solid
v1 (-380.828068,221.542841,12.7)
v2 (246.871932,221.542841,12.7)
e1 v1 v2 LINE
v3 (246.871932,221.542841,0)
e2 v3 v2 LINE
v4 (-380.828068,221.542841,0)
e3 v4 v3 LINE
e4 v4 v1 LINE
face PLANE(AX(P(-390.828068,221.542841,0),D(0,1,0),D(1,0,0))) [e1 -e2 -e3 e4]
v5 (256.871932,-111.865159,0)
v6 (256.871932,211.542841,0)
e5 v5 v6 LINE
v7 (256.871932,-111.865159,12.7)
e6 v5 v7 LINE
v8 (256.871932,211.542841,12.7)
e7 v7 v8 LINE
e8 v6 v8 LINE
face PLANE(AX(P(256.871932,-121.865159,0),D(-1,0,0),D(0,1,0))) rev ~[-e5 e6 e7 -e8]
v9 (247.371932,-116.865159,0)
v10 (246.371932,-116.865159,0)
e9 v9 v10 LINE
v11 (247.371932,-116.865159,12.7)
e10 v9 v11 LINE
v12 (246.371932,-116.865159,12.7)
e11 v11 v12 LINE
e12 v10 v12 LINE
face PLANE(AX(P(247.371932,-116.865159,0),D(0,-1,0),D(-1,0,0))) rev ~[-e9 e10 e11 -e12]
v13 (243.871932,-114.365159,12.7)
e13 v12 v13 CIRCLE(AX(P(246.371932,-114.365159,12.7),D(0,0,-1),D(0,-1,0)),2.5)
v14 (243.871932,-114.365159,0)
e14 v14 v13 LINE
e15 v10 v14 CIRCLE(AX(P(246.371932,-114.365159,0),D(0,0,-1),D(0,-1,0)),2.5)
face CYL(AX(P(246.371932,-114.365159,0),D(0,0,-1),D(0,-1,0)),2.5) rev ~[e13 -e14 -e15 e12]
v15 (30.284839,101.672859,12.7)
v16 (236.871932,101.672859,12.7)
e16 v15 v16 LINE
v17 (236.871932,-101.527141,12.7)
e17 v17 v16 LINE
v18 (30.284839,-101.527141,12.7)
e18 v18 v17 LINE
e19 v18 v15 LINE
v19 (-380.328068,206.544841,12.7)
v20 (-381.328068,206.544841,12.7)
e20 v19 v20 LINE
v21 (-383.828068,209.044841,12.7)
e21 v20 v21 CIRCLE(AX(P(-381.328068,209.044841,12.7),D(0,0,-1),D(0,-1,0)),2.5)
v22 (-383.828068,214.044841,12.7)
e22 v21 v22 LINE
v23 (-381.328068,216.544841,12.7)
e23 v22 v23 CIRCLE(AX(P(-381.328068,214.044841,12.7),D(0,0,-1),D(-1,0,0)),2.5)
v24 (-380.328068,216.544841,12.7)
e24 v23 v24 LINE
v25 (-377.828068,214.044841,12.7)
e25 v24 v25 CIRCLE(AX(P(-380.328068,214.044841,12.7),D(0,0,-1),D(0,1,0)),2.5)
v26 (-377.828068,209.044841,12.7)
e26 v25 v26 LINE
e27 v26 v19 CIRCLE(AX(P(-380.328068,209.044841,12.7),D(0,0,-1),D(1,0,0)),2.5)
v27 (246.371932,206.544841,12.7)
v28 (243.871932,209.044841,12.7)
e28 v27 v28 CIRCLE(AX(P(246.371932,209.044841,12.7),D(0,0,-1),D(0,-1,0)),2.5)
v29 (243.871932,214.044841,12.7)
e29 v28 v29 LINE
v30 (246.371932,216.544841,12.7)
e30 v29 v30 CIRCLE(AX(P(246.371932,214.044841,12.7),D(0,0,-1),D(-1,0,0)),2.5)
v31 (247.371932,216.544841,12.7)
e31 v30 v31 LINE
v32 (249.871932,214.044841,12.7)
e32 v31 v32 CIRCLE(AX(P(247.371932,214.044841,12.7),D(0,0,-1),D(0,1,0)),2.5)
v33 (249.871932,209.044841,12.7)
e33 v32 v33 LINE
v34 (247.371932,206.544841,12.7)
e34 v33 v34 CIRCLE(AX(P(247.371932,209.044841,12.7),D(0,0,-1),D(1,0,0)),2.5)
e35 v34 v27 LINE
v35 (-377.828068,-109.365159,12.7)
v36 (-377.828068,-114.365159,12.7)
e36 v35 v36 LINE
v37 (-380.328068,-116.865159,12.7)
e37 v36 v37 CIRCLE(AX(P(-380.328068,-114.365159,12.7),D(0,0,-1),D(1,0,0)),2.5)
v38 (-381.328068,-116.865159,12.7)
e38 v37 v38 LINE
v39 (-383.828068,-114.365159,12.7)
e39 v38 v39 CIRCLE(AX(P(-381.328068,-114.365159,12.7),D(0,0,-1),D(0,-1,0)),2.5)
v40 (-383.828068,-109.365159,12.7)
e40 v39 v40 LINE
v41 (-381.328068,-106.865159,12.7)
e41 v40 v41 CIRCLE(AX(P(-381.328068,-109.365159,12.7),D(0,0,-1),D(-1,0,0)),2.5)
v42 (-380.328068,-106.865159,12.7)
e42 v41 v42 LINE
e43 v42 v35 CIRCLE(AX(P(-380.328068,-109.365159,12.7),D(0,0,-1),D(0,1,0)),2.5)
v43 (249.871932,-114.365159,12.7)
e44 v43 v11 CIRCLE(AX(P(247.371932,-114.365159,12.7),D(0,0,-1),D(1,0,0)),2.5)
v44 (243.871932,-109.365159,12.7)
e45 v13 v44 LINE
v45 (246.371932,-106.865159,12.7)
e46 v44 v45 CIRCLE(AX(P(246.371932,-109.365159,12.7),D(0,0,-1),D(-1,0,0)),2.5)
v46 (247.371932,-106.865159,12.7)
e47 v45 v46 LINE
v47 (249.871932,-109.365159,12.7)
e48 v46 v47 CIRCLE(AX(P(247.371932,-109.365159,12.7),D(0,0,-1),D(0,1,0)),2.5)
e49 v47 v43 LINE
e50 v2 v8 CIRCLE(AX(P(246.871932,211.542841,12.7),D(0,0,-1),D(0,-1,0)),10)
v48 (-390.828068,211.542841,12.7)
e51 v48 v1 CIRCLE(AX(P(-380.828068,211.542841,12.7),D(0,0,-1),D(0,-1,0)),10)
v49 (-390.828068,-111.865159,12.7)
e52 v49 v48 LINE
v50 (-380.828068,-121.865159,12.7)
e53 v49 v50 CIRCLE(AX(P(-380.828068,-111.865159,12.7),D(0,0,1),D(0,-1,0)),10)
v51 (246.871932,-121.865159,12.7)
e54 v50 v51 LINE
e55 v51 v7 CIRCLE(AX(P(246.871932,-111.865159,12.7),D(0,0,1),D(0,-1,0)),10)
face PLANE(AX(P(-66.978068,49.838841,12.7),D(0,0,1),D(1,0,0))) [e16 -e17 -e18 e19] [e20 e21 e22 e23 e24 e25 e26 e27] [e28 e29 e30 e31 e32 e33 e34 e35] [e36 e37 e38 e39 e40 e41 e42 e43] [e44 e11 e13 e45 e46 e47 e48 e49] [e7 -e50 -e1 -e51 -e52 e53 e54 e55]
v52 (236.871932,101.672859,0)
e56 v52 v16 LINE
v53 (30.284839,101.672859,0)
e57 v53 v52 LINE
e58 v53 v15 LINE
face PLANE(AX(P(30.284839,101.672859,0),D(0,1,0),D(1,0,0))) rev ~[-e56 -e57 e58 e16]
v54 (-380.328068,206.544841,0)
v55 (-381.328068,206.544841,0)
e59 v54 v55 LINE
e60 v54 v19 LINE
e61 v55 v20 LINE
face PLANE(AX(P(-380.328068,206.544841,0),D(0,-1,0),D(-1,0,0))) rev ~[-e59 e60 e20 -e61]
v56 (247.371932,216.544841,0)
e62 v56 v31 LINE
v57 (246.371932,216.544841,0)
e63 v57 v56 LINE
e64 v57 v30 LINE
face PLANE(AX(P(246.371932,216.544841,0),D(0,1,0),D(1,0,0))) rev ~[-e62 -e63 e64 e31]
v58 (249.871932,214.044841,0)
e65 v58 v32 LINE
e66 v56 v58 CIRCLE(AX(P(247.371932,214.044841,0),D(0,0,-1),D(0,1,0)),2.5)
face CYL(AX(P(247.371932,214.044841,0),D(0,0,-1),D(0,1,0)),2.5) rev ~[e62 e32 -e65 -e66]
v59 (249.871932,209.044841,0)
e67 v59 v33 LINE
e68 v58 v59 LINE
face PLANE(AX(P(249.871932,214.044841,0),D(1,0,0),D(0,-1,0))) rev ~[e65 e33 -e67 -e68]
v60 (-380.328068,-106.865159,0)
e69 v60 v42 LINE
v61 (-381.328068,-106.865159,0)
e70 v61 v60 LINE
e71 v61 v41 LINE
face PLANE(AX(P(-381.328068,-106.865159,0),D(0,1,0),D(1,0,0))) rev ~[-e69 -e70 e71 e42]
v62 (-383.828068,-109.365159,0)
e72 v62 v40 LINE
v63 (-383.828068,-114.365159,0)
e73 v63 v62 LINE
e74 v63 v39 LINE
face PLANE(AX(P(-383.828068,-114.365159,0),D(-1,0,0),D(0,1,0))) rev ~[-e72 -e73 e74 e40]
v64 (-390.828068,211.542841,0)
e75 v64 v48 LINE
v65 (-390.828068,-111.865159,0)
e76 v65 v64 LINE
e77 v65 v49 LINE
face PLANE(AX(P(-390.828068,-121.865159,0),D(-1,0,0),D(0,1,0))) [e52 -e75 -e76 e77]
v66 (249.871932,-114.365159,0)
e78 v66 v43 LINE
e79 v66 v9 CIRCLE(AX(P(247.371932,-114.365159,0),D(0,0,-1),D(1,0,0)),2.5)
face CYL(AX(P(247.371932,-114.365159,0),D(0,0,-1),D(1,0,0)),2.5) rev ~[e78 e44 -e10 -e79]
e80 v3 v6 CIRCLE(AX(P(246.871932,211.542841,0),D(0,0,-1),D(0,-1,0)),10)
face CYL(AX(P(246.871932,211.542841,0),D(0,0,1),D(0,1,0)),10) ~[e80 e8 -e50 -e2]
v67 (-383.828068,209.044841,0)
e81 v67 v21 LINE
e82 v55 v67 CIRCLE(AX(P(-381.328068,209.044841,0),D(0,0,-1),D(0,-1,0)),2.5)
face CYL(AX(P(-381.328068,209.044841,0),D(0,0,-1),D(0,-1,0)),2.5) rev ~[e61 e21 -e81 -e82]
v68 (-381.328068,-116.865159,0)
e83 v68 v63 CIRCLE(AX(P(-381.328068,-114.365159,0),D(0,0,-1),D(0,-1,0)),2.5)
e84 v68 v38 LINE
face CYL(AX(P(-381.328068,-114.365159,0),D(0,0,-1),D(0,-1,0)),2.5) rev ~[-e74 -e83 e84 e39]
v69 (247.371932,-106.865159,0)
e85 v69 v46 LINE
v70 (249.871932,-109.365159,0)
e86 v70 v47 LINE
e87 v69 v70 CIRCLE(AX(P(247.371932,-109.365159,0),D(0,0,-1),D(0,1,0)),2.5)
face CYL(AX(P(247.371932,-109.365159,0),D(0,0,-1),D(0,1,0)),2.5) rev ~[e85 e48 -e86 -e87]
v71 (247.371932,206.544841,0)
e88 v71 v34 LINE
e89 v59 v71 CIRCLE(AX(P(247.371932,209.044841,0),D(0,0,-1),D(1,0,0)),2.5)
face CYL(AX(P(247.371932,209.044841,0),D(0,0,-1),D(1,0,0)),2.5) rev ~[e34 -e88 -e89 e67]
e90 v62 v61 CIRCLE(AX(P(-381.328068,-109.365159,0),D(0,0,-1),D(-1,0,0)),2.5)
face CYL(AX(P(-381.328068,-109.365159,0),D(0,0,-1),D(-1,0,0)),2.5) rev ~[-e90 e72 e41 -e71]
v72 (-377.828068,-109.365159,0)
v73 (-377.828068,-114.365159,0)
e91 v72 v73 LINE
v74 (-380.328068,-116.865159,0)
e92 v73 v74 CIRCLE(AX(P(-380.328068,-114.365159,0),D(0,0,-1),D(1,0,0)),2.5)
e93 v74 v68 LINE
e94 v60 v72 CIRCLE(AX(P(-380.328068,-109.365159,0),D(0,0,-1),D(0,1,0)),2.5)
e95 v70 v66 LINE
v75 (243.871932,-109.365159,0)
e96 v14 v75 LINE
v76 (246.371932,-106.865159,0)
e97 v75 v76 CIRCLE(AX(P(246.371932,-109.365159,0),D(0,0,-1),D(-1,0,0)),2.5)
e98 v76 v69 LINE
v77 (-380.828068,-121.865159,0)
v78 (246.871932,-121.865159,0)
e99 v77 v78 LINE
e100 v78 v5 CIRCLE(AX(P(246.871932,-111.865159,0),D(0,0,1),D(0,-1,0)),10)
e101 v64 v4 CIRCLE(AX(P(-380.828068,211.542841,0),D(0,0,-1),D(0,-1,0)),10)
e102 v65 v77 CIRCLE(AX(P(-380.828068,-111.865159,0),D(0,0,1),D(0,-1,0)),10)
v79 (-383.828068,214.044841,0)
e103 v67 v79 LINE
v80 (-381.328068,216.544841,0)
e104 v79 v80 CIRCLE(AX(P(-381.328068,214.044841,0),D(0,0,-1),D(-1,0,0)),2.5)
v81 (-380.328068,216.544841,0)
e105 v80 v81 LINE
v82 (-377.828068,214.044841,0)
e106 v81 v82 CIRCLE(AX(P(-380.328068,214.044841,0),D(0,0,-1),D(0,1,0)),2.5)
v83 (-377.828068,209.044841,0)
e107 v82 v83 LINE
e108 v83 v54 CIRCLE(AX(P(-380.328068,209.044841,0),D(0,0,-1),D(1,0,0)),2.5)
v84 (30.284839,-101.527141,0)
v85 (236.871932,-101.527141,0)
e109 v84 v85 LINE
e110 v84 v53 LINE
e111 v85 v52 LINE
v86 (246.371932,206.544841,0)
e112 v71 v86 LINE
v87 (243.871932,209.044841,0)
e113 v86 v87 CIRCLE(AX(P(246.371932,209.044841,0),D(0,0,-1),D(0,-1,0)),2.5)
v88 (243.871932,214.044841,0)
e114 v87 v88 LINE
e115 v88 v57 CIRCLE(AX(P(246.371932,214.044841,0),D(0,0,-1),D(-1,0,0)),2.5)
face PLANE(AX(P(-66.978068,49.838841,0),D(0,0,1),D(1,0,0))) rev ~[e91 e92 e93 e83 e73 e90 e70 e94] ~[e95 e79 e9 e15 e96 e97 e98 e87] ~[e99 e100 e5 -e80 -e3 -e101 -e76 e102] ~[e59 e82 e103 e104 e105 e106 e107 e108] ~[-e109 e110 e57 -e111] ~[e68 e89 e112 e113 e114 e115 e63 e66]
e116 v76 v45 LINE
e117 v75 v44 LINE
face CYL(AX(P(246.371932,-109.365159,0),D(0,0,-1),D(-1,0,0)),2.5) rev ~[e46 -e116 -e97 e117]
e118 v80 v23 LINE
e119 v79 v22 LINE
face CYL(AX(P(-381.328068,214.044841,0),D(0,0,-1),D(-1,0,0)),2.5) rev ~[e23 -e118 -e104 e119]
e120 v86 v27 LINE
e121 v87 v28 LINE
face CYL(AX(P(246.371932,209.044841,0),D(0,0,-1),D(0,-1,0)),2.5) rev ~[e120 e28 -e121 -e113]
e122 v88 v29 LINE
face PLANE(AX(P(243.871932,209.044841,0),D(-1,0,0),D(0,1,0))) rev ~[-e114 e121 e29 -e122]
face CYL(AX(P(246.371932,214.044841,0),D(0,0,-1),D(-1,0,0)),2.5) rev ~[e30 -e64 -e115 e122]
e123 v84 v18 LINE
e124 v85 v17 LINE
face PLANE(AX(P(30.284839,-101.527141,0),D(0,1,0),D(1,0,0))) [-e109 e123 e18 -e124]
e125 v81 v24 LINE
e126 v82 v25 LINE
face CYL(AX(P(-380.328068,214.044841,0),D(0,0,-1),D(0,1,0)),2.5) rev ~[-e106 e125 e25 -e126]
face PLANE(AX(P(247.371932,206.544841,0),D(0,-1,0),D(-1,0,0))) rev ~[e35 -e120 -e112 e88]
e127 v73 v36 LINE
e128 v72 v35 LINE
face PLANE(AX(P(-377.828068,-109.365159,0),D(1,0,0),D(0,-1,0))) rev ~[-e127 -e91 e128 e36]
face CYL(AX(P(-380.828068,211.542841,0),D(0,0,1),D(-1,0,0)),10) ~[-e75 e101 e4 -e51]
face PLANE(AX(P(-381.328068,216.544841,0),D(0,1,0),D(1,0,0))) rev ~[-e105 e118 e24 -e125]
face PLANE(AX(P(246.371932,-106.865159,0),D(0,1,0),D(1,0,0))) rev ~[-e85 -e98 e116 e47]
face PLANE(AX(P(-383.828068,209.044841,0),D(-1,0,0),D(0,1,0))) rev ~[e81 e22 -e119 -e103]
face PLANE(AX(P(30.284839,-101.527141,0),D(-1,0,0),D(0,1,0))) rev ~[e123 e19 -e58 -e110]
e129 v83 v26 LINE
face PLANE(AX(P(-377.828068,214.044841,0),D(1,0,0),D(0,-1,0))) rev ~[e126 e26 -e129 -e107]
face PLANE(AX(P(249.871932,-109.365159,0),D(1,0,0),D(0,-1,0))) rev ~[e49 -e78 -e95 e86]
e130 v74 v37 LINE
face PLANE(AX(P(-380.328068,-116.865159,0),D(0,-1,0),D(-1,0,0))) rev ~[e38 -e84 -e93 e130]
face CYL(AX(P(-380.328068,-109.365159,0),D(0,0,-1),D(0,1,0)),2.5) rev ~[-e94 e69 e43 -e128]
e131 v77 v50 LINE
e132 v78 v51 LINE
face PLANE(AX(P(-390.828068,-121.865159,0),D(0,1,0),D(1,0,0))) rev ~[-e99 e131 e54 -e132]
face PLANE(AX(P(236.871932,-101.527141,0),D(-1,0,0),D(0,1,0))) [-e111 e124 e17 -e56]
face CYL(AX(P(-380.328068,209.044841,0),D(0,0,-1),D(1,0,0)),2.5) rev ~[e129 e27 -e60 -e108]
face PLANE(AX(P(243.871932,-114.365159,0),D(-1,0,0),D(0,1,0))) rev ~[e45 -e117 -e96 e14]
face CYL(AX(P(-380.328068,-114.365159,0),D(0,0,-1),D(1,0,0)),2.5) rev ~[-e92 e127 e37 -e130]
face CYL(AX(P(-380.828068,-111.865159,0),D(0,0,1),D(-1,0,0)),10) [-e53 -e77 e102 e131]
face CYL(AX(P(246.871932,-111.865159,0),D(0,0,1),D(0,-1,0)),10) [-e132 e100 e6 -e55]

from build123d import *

# Parameters (mm, degrees)
SKETCH1_W           = 647.7
SKETCH1_H           = 343.408
SKETCH1_W_2         = 206.587092864
SKETCH1_H_2         = 203.2
BOSS_EXTRUDE1_DEPTH = 12.7
FILLET1_R           = 10


with BuildPart() as part:
    # Sketch1 → Boss-Extrude1 (new body)
    with BuildSketch(Plane.XY):
        with Locations((-66.978068182, 49.838840909)):
            Rectangle(SKETCH1_W, SKETCH1_H)
        with BuildLine():
            Line((247.371931818, -116.865159091), (246.371931818, -116.865159091))
            ThreePointArc((246.371931818, -116.865159091), (244.604164865, -116.132926044), (243.871931818, -114.365159091))
            Line((243.871931818, -114.365159091), (243.871931818, -109.365159091))
            ThreePointArc((243.871931818, -109.365159091), (244.604164865, -107.597392138), (246.371931818, -106.865159091))
            Line((246.371931818, -106.865159091), (247.371931818, -106.865159091))
            ThreePointArc((247.371931818, -106.865159091), (249.139698771, -107.597392138), (249.871931818, -109.365159091))
            Line((249.871931818, -109.365159091), (249.871931818, -114.365159091))
            ThreePointArc((249.871931818, -114.365159091), (249.139698771, -116.132926044), (247.371931818, -116.865159091))
        make_face(mode=Mode.SUBTRACT)
        with Locations((133.578385386, 0.072858907)):
            Rectangle(SKETCH1_W_2, SKETCH1_H_2, mode=Mode.SUBTRACT)
        with BuildLine():
            Line((-380.328068182, -116.865159091), (-381.328068182, -116.865159091))
            ThreePointArc((-381.328068182, -116.865159091), (-383.095835135, -116.132926044), (-383.828068182, -114.365159091))
            Line((-383.828068182, -114.365159091), (-383.828068182, -109.365159091))
            ThreePointArc((-383.828068182, -109.365159091), (-383.095835135, -107.597392138), (-381.328068182, -106.865159091))
            Line((-381.328068182, -106.865159091), (-380.328068182, -106.865159091))
            ThreePointArc((-380.328068182, -106.865159091), (-378.560301229, -107.597392138), (-377.828068182, -109.365159091))
            Line((-377.828068182, -109.365159091), (-377.828068182, -114.365159091))
            ThreePointArc((-377.828068182, -114.365159091), (-378.560301229, -116.132926044), (-380.328068182, -116.865159091))
        make_face(mode=Mode.SUBTRACT)
        with BuildLine():
            Line((-380.328068182, 206.544840909), (-381.328068182, 206.544840909))
            ThreePointArc((-381.328068182, 206.544840909), (-383.095835135, 207.277073956), (-383.828068182, 209.044840909))
            Line((-383.828068182, 209.044840909), (-383.828068182, 214.044840909))
            ThreePointArc((-383.828068182, 214.044840909), (-383.095835135, 215.812607862), (-381.328068182, 216.544840909))
            Line((-381.328068182, 216.544840909), (-380.328068182, 216.544840909))
            ThreePointArc((-380.328068182, 216.544840909), (-378.560301229, 215.812607862), (-377.828068182, 214.044840909))
            Line((-377.828068182, 214.044840909), (-377.828068182, 209.044840909))
            ThreePointArc((-377.828068182, 209.044840909), (-378.560301229, 207.277073956), (-380.328068182, 206.544840909))
        make_face(mode=Mode.SUBTRACT)
        with BuildLine():
            Line((247.371931818, 206.544840909), (246.371931818, 206.544840909))
            ThreePointArc((246.371931818, 206.544840909), (244.604164865, 207.277073956), (243.871931818, 209.044840909))
            Line((243.871931818, 209.044840909), (243.871931818, 214.044840909))
            ThreePointArc((243.871931818, 214.044840909), (244.604164865, 215.812607862), (246.371931818, 216.544840909))
            Line((246.371931818, 216.544840909), (247.371931818, 216.544840909))
            ThreePointArc((247.371931818, 216.544840909), (249.139698771, 215.812607862), (249.871931818, 214.044840909))
            Line((249.871931818, 214.044840909), (249.871931818, 209.044840909))
            ThreePointArc((249.871931818, 209.044840909), (249.139698771, 207.277073956), (247.371931818, 206.544840909))
        make_face(mode=Mode.SUBTRACT)
    extrude(amount=BOSS_EXTRUDE1_DEPTH)

    # Fillet1
    fillet1_edges = [part.edges().sort_by_distance(p)[0] for p in [
        (-390.828068182, 221.542840909, 6.35),
        (256.871931818, 221.542840909, 6.35),
        (256.871931818, -121.865159091, 6.35),
        (-390.828068182, -121.865159091, 6.35),
    ]]
    fillet(fillet1_edges, radius=FILLET1_R)


solid = part.part
